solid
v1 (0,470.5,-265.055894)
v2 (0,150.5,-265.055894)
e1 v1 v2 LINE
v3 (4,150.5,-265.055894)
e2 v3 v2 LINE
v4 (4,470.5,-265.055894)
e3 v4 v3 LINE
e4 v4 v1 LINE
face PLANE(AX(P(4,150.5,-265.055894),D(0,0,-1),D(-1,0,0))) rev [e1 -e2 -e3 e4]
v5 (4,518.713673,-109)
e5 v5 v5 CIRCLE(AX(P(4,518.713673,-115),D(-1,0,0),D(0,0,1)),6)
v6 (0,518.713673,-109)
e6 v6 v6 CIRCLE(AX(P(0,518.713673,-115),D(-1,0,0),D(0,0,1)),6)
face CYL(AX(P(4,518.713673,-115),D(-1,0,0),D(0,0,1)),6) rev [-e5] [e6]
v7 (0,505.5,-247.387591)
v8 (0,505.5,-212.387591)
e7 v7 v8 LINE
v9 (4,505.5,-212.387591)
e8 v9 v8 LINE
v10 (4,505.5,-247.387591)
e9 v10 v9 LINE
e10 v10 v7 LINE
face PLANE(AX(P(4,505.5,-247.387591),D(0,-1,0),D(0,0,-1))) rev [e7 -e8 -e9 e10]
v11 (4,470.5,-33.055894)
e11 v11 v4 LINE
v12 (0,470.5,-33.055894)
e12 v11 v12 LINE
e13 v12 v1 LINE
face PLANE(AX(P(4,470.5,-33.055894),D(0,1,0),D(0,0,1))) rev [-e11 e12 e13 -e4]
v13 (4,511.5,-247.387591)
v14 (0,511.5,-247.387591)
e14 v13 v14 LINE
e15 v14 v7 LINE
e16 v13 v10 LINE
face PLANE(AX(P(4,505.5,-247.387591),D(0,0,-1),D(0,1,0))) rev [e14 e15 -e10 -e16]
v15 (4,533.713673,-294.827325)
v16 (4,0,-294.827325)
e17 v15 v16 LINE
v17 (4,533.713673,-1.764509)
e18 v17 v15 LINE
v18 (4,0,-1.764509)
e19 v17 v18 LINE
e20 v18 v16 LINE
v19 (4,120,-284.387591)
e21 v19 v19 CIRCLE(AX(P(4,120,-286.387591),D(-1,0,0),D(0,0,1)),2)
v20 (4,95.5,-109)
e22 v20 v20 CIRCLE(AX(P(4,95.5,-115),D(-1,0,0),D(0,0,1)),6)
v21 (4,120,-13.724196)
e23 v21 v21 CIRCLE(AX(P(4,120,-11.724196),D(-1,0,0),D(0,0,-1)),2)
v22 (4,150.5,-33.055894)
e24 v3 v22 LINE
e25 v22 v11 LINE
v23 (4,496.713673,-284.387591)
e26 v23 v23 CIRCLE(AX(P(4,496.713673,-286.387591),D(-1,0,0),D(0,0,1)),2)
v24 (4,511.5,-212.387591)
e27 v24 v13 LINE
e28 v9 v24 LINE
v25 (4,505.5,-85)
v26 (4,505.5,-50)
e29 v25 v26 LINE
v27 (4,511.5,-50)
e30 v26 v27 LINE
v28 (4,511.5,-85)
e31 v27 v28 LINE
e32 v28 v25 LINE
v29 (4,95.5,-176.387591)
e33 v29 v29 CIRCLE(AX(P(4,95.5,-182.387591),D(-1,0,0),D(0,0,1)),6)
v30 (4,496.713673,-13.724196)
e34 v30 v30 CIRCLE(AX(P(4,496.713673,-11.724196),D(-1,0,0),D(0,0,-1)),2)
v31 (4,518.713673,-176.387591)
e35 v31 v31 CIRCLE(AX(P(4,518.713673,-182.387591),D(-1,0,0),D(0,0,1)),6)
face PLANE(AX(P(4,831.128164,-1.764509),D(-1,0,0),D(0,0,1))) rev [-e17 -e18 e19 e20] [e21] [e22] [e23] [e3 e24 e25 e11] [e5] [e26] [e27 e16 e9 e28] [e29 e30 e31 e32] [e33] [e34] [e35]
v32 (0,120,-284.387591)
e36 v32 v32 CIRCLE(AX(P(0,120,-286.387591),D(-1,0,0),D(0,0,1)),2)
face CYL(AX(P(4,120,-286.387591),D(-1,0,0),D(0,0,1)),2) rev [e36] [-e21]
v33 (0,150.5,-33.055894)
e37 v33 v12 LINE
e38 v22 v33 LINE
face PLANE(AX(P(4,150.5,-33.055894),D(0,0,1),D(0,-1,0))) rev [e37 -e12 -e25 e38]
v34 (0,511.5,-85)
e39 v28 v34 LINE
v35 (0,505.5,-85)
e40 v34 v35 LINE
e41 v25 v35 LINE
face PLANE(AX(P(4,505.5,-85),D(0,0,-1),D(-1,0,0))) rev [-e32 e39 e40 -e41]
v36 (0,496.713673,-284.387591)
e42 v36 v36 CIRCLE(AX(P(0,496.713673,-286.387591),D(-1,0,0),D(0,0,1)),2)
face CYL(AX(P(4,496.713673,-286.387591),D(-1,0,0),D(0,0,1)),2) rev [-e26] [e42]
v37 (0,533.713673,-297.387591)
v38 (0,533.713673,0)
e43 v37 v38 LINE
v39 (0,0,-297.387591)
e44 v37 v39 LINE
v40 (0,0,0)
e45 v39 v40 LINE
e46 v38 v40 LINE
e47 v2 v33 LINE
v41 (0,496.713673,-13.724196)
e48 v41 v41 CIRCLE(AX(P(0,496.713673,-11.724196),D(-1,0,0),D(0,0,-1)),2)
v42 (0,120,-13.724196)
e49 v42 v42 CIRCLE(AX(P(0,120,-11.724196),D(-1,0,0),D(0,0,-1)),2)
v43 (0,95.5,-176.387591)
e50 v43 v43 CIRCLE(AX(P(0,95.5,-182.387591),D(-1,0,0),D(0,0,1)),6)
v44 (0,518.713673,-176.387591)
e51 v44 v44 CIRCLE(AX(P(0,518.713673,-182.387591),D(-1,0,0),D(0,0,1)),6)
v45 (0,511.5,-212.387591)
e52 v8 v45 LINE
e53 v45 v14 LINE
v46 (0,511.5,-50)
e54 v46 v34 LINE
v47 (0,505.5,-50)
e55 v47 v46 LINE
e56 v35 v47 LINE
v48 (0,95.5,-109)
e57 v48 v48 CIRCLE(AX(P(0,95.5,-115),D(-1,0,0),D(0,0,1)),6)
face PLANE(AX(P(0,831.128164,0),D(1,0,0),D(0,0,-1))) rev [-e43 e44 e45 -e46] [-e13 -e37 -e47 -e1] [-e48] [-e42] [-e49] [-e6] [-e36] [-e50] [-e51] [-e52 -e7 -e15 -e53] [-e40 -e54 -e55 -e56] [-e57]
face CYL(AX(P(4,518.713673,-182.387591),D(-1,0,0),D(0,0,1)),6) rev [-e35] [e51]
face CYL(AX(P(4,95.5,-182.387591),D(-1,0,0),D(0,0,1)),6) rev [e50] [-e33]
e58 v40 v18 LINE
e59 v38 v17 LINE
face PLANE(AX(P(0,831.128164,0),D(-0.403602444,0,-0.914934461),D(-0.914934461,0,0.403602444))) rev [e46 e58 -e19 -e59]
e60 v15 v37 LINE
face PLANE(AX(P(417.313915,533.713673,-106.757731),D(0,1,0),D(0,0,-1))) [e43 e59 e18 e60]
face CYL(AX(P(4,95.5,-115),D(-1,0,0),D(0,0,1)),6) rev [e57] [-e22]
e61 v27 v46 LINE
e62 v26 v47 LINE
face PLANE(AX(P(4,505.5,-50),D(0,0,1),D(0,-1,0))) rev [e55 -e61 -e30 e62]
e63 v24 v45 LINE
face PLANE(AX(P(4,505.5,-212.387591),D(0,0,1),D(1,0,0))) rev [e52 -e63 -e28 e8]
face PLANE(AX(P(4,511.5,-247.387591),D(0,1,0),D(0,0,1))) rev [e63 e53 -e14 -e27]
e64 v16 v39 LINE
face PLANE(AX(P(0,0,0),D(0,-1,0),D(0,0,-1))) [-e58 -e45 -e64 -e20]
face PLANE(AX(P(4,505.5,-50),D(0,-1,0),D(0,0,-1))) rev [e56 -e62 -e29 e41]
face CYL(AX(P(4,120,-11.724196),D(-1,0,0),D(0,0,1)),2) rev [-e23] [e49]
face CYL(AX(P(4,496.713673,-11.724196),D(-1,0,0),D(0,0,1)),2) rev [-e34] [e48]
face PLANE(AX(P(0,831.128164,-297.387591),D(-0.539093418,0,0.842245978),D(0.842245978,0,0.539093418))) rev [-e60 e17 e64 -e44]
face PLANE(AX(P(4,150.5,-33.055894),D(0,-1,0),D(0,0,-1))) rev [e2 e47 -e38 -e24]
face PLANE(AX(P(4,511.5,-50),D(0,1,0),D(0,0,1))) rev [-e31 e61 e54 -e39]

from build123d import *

# Parameters (mm, degrees)
EXTRUDE_1_DEPTH    = 533.713673317
SKETCH1_W          = 232
SKETCH1_H          = 320
CUT_EXTRUDE1_DEPTH = 611.987450173
SKETCH2_W          = 35
SKETCH2_H          = 6
CUT_EXTRUDE2_DEPTH = 611.987450173
SKETCH3_R          = 6
CUT_EXTRUDE3_DEPTH = 611.987450173
SKETCH4_R          = 2
CUT_EXTRUDE4_DEPTH = 611.987450173


with BuildPart() as part:
    # Эскиз1 → Вытянуть1 (new body)
    with BuildSketch(Plane(origin=(0, 0, 0), x_dir=(1, 0, 0), z_dir=(0, 1, 0))):
        Polygon((0, 0), (4, 1.764508657), (4, 294.827324918), (0, 297.387590837), align=None)
    extrude(amount=EXTRUDE_1_DEPTH)

    # Sketch1 → Cut-Extrude1 (cut, through all)
    with BuildSketch(Plane.ZY):
        with Locations((-149.055893529, 310.5)):
            Rectangle(SKETCH1_W, SKETCH1_H)
    extrude(amount=-CUT_EXTRUDE1_DEPTH, mode=Mode.SUBTRACT)

    # Sketch2 → Cut-Extrude2 (cut, through all)
    with BuildSketch(Plane.ZY):
        with Locations((-229.887590837, 508.5)):
            Rectangle(SKETCH2_W, SKETCH2_H)
        with Locations((-67.5, 508.5)):
            Rectangle(SKETCH2_W, SKETCH2_H)
    extrude(amount=-CUT_EXTRUDE2_DEPTH, mode=Mode.SUBTRACT)

    # Sketch3 → Cut-Extrude3 (cut, through all)
    with BuildSketch(Plane.ZY):
        with Locations((-182.387590837, 518.713673317)):
            Circle(SKETCH3_R)
        with Locations((-115, 518.713673317)):
            Circle(SKETCH3_R)
        with Locations((-182.387590837, 95.5)):
            Circle(SKETCH3_R)
        with Locations((-115, 95.5)):
            Circle(SKETCH3_R)
    extrude(amount=-CUT_EXTRUDE3_DEPTH, mode=Mode.SUBTRACT)

    # Sketch4 → Cut-Extrude4 (cut, through all)
    with BuildSketch(Plane.ZY):
        with Locations((-286.387590837, 496.713673317)):
            Circle(SKETCH4_R)
        with Locations(Location((-11.724196221, 496.713673317, 0), (0, 0, 180))):
            Circle(SKETCH4_R)
        with Locations((-286.387590837, 120)):
            Circle(SKETCH4_R)
        with Locations(Location((-11.724196221, 120, 0), (0, 0, 180))):
            Circle(SKETCH4_R)
    extrude(amount=-CUT_EXTRUDE4_DEPTH, mode=Mode.SUBTRACT)


solid = part.part
